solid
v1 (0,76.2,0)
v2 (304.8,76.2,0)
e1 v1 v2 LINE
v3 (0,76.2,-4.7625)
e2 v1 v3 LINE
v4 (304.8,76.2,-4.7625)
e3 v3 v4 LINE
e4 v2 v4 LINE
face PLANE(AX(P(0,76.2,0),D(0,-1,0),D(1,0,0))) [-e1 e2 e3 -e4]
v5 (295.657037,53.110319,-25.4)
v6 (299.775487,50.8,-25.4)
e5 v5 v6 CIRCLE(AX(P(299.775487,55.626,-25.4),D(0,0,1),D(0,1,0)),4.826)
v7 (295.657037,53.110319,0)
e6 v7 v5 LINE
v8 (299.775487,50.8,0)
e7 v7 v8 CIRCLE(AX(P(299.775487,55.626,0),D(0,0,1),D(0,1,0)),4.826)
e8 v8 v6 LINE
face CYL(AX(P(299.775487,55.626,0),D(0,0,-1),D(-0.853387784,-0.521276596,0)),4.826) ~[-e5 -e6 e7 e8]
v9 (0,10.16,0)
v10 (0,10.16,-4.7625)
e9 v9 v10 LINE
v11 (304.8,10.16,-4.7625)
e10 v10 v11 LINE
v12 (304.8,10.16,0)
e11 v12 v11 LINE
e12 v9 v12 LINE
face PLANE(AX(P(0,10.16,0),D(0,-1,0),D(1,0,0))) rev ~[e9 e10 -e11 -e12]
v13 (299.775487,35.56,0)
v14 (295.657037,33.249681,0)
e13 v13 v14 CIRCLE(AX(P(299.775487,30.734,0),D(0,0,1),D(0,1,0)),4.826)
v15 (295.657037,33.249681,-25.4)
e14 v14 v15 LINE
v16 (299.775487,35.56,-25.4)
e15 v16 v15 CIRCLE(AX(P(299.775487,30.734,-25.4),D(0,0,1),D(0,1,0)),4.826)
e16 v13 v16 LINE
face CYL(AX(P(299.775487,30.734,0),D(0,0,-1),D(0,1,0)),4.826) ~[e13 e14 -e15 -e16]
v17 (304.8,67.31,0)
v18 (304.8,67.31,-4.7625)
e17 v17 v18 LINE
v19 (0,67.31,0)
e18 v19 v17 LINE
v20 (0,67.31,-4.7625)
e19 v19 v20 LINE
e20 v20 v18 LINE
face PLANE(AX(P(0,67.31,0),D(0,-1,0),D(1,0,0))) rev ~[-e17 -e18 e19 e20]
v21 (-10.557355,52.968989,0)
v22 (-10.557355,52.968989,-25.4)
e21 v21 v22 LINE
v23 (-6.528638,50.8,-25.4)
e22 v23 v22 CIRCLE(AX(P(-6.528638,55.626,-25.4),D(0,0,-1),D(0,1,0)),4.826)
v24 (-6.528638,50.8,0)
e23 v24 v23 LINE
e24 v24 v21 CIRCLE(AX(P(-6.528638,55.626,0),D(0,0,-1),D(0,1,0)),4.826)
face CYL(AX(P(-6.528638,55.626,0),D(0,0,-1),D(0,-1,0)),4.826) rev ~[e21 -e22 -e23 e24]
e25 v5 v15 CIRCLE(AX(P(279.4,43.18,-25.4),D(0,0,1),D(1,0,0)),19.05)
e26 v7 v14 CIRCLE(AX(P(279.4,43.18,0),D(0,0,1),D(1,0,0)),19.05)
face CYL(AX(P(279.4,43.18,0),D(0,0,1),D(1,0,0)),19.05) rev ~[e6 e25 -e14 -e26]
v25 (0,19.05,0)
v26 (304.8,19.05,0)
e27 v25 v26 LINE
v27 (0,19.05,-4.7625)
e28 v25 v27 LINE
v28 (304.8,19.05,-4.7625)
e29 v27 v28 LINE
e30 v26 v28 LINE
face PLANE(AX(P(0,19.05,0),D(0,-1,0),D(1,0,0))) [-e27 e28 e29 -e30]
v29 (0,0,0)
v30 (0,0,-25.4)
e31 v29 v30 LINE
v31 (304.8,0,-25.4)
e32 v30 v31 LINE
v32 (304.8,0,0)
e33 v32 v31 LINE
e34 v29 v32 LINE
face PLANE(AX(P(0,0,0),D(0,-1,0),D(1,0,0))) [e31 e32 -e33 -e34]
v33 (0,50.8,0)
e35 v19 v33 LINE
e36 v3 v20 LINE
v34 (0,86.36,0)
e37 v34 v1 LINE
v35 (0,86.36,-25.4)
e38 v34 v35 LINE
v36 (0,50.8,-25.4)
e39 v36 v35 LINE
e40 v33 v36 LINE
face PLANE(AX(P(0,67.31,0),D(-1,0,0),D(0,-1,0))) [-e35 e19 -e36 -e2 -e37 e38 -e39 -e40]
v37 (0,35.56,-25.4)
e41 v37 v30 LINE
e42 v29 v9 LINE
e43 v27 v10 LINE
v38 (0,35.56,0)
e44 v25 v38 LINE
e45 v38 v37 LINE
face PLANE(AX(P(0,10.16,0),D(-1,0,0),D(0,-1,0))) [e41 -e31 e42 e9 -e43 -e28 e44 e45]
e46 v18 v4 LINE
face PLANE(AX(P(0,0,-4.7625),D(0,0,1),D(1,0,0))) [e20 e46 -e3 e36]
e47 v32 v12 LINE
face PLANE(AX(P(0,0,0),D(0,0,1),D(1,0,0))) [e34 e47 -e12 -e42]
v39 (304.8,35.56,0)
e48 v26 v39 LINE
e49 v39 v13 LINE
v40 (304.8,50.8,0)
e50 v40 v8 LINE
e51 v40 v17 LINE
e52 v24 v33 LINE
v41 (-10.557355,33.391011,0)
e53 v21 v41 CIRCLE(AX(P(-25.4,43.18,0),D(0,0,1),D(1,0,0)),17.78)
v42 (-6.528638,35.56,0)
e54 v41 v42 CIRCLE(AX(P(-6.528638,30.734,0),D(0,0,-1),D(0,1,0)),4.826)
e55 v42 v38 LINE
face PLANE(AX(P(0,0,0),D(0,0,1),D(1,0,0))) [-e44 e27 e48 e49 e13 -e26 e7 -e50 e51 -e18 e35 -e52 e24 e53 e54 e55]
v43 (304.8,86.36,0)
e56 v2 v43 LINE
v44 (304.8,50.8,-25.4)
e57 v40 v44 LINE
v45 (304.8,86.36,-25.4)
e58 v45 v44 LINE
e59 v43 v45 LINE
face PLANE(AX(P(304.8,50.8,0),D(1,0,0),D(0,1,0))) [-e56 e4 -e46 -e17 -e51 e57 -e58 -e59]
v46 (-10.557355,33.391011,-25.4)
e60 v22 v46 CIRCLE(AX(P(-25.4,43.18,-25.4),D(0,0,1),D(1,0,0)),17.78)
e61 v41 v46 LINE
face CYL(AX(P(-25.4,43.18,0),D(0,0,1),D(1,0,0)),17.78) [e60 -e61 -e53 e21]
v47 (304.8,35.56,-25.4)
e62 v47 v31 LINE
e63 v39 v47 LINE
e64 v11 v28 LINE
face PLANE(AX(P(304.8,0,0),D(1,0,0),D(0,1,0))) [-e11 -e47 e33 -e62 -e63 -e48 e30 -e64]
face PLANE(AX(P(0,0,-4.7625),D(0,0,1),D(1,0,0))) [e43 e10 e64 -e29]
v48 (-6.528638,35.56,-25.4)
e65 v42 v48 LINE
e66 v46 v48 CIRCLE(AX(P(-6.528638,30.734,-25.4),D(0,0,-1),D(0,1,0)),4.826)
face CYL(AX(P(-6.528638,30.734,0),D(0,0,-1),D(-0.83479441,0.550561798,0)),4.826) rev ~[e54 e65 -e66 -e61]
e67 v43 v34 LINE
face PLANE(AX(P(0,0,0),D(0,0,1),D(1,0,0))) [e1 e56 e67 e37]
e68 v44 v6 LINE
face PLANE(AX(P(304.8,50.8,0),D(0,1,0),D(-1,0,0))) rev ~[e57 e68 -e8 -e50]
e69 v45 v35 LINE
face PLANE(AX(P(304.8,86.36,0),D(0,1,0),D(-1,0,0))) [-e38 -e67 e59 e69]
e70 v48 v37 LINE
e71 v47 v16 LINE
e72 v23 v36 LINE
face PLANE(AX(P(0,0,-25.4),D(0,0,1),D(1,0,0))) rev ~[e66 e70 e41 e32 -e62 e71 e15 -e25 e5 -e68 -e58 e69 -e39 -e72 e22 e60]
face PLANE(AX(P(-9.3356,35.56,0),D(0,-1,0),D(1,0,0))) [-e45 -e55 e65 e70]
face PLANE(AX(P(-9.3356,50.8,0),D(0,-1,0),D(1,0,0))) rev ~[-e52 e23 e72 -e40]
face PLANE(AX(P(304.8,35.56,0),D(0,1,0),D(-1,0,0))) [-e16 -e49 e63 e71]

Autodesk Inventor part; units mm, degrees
ref_plane "YZ Plane" through (0, 0, 0) normal (1, 0, 0) x (0, 1, 0)
ref_plane "XZ Plane" through (0, 0, 0) normal (0, 1, 0) x (-1, 0, 0)
ref_plane "XY Plane" through (0, 0, 0) normal (0, 0, 1) x (1, 0, 0)
sketch "StraightTrack1" plane through (0, 0, 0) normal (0, 0, 1) x (1, 0, 0)
  line L0 (0, 0) -> (304.8, 0)
  line L1 (304.8, 0) -> (304.8, 86.36)
  line L2 (304.8, 86.36) -> (0, 86.36)
  line L3 (0, 86.36) -> (0, 0)
  line L4 (0, 43.18) -> (304.8, 43.18) construction
  line L5 (0, 43.18) -> (-127, 43.18) construction
  line L6 (304.8, 43.18) -> (431.8, 43.18) construction
  line L7 (-35.3212, 50.8) -> (355.1298, 50.8) construction
  line L8 (-9.3356, 35.56) -> (354.8509, 35.56) construction
  circle A0 centre (-25.4, 43.18) radius 17.78
  line L9 (-9.3356, 50.8) -> (0, 50.8)
  line L10 (-9.3356, 35.56) -> (0, 35.56)
  line L11 (-16.6442, 10.16) -> (350.0615, 10.16) construction
  line L12 (-16.6442, 76.2) -> (344.385, 76.2) construction
  line L13 (0, 10.16) -> (304.8, 10.16)
  line L14 (0, 76.2) -> (304.8, 76.2)
  line L15 (0, 67.31) -> (304.8, 67.31)
  line L16 (0, 19.05) -> (304.8, 19.05)
  line L17 (304.8, 50.8) -> (296.8596, 50.8)
  line L18 (304.8, 35.56) -> (296.8596, 35.56)
  circle A1 centre (279.4, 43.18) radius 19.05
  dimension "d0" = 304.8
  dimension "d1" = 86.36
  dimension "d2" = 127
  dimension "d3" = 127
  dimension "d5" = 35.56
  dimension "d6" = 15.24
  dimension "d7" = 35.56
  dimension "d8" = 25.4
  dimension "d9" = 9.3356
  dimension "d10" = 10.16
  dimension "d11" = 10.16
  dimension "d12" = 8.89
  dimension "d13" = 8.89
  dimension "d22" = 38.1
  dimension "d23" = 279.4
extrude "Extrusion1" add sketch "StraightTrack1" against normal blind 25.4 contours L3 L13 L1 L0 | L3 L16 L1 L13 | L3 L15 L1 L17 A1 L18 L16 | L10 A0 L9 L3 | A0 | L3 L14 L1 L15 | L3 L2 L1 L14
extrude "Extrusion3" cut sketch "StraightTrack1" against normal blind 4.7625 contours L3 L16 L1 L13 | L3 L14 L1 L15
fillet "Fillet1" radius 4.826 1 edges at (296.8596, 35.56, -12.7)
fillet "Fillet2" radius 4.826 1 edges at (296.8596, 50.8, -12.7)
fillet "Fillet3" radius 4.826 1 edges at (-9.3356, 50.8, -12.7)
fillet "Fillet4" radius 4.826 1 edges at (-9.3356, 35.56, -12.7)
properties part number "Sun_StraightTrack"
